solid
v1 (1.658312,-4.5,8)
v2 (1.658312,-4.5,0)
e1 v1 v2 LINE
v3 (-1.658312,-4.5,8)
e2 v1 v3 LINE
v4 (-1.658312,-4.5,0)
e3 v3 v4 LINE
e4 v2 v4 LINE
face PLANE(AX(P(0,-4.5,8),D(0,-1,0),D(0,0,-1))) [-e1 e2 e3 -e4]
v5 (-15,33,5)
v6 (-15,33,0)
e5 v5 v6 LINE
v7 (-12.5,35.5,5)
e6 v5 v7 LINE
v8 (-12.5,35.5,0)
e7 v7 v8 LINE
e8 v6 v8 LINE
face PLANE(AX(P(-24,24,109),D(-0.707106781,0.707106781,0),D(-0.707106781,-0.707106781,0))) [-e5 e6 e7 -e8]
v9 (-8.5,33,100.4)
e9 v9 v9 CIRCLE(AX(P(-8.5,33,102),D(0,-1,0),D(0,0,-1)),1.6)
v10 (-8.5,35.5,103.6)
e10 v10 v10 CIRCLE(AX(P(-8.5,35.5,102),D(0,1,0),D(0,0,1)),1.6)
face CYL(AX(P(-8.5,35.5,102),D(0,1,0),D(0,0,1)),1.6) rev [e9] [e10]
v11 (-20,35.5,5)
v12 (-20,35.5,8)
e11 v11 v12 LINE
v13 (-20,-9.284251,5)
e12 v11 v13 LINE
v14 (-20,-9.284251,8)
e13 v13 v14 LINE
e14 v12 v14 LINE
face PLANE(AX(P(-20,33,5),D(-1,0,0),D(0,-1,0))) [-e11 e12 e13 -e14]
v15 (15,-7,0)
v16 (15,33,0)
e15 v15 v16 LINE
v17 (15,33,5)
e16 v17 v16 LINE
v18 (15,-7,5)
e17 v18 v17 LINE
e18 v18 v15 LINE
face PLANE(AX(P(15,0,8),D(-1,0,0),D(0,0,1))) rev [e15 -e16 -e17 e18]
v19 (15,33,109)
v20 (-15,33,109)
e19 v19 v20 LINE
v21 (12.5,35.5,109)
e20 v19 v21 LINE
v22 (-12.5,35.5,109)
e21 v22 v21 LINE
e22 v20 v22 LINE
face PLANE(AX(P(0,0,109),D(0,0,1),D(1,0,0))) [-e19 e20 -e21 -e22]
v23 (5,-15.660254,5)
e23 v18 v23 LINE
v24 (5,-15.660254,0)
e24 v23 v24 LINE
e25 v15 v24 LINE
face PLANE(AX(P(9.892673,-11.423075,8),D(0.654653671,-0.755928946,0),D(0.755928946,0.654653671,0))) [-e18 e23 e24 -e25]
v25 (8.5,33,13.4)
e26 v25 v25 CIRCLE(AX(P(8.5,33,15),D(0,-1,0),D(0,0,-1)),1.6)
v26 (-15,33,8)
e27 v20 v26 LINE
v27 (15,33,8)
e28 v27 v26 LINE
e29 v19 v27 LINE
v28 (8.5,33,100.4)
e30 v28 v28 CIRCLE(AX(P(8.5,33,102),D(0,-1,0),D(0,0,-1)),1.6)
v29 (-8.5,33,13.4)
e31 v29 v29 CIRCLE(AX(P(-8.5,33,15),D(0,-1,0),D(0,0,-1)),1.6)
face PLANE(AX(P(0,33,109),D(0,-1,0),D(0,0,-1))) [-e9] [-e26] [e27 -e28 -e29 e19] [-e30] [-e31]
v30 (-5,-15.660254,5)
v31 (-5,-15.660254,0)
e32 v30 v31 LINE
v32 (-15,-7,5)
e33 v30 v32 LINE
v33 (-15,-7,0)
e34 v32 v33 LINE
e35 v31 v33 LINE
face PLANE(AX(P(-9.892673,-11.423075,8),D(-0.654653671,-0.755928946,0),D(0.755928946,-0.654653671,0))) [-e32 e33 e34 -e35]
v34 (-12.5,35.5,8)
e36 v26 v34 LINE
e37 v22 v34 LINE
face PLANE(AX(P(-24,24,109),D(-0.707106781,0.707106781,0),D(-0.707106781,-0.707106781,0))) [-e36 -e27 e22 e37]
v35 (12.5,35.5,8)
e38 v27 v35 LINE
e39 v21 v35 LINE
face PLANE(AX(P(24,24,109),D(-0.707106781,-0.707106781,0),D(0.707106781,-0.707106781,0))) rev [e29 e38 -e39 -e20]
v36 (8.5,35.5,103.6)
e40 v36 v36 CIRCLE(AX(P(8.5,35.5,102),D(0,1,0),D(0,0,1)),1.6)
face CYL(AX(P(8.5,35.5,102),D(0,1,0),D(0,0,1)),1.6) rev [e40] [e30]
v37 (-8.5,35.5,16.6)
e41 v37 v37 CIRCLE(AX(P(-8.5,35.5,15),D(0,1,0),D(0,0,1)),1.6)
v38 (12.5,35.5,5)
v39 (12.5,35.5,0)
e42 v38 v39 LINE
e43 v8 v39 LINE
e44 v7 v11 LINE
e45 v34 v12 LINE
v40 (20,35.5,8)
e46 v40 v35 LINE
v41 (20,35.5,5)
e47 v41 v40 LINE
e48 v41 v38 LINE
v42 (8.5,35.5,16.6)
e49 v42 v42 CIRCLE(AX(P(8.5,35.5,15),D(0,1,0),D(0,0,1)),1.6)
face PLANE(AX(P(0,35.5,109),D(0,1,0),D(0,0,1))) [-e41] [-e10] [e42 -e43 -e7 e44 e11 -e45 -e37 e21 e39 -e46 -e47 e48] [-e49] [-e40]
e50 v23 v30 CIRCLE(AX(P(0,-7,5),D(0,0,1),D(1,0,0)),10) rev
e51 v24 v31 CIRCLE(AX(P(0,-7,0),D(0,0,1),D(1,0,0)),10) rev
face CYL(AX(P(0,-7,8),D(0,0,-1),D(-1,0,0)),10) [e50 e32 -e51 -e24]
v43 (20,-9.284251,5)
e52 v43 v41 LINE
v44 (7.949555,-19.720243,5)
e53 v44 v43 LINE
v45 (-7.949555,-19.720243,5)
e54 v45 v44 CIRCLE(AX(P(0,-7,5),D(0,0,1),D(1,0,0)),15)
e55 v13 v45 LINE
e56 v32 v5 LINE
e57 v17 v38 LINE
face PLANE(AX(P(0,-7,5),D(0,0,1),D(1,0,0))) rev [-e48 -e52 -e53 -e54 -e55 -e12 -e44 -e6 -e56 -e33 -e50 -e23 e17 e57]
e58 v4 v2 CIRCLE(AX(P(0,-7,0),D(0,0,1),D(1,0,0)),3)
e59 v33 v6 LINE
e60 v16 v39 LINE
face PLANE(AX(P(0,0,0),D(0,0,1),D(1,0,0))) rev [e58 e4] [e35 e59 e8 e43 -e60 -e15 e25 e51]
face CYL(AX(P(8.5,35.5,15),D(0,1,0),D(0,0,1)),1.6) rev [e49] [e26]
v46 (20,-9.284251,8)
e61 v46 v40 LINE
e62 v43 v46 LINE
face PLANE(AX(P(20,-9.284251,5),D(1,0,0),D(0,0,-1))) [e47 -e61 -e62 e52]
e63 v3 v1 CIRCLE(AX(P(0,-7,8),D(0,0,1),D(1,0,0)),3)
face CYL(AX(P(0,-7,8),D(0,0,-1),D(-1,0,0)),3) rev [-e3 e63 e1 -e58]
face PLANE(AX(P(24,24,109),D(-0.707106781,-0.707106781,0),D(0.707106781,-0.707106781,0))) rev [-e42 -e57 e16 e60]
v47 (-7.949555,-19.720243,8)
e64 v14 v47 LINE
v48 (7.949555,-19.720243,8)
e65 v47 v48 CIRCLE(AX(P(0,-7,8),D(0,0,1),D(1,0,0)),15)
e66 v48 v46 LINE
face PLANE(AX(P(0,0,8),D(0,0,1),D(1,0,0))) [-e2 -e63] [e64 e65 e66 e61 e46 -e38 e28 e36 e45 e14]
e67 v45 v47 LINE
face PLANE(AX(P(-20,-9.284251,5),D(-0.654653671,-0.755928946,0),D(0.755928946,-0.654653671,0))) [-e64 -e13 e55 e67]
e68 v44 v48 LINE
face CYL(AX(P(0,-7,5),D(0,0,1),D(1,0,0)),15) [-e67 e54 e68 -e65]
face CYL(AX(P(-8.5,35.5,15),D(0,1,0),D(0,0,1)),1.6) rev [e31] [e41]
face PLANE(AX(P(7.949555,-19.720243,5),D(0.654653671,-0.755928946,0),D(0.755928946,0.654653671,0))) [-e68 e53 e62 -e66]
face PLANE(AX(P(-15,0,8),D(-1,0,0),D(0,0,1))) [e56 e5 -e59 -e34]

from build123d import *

# Parameters (mm, degrees)
BOSS_EXTRUDE1_DEPTH  = 8
BOSS_EXTRUDE3_DEPTH  = 109
M3_CLEARANCE_SLOT1_D = 3.2
BOSS_EXTRUDE4_DEPTH  = 3


with BuildPart() as part:
    # Sketch1 → Boss-Extrude1 (new body)
    with BuildSketch(Plane.XY):
        with BuildLine():
            Line((15, 33), (-15, 33))
            Line((-15, 33), (-15, -7))
            Line((-15, -7), (-5, -15.660254038))
            ThreePointArc((-5, -15.660254038), (0, -17), (5, -15.660254038))
            Line((5, -15.660254038), (15, -7))
            Line((15, -7), (15, 33))
        make_face()
        with BuildLine():
            Line((1.658312395, -4.5), (-1.658312395, -4.5))
            ThreePointArc((-1.658312395, -4.5), (0, -10), (1.658312395, -4.5))
        make_face(mode=Mode.SUBTRACT)
    extrude(amount=BOSS_EXTRUDE1_DEPTH)

    # Sketch1<5> → Boss-Extrude3 (add)
    with BuildSketch(Plane.XY):
        Polygon((-12.5, 35.5), (12.5, 35.5), (15, 33), (-15, 33), align=None)
    extrude(amount=BOSS_EXTRUDE3_DEPTH)

    # M3 Clearance Slot1 (through all)
    with Locations(Plane(origin=(0, 35.5, 0), x_dir=(1, 0, 0), z_dir=(0, 1, 0))):
        with Locations((-8.5, -15), (8.5, -15), (-8.5, -102), (8.5, -102)):
            Hole(M3_CLEARANCE_SLOT1_D / 2)

    # Sketch6 → Boss-Extrude4 (add)
    with BuildSketch(Plane.XY.offset(8)):
        with BuildLine():
            Line((-20, 35.5), (20, 35.5))
            Line((20, 35.5), (20, 33))
            Line((20, 33), (20, -9.284251259))
            Line((20, -9.284251259), (7.949555075, -19.720242691))
            ThreePointArc((7.949555075, -19.720242691), (0, -22), (-7.949555075, -19.720242691))
            Line((-7.949555075, -19.720242691), (-20, -9.284251259))
            Line((-20, -9.284251259), (-20, 33))
            Line((-20, 33), (-20, 35.5))
        make_face()
        with BuildLine():
            Line((1.658312395, -4.5), (-1.658312395, -4.5))
            ThreePointArc((-1.658312395, -4.5), (0, -10), (1.658312395, -4.5))
        make_face(mode=Mode.SUBTRACT)
    extrude(amount=-BOSS_EXTRUDE4_DEPTH)


solid = part.part
